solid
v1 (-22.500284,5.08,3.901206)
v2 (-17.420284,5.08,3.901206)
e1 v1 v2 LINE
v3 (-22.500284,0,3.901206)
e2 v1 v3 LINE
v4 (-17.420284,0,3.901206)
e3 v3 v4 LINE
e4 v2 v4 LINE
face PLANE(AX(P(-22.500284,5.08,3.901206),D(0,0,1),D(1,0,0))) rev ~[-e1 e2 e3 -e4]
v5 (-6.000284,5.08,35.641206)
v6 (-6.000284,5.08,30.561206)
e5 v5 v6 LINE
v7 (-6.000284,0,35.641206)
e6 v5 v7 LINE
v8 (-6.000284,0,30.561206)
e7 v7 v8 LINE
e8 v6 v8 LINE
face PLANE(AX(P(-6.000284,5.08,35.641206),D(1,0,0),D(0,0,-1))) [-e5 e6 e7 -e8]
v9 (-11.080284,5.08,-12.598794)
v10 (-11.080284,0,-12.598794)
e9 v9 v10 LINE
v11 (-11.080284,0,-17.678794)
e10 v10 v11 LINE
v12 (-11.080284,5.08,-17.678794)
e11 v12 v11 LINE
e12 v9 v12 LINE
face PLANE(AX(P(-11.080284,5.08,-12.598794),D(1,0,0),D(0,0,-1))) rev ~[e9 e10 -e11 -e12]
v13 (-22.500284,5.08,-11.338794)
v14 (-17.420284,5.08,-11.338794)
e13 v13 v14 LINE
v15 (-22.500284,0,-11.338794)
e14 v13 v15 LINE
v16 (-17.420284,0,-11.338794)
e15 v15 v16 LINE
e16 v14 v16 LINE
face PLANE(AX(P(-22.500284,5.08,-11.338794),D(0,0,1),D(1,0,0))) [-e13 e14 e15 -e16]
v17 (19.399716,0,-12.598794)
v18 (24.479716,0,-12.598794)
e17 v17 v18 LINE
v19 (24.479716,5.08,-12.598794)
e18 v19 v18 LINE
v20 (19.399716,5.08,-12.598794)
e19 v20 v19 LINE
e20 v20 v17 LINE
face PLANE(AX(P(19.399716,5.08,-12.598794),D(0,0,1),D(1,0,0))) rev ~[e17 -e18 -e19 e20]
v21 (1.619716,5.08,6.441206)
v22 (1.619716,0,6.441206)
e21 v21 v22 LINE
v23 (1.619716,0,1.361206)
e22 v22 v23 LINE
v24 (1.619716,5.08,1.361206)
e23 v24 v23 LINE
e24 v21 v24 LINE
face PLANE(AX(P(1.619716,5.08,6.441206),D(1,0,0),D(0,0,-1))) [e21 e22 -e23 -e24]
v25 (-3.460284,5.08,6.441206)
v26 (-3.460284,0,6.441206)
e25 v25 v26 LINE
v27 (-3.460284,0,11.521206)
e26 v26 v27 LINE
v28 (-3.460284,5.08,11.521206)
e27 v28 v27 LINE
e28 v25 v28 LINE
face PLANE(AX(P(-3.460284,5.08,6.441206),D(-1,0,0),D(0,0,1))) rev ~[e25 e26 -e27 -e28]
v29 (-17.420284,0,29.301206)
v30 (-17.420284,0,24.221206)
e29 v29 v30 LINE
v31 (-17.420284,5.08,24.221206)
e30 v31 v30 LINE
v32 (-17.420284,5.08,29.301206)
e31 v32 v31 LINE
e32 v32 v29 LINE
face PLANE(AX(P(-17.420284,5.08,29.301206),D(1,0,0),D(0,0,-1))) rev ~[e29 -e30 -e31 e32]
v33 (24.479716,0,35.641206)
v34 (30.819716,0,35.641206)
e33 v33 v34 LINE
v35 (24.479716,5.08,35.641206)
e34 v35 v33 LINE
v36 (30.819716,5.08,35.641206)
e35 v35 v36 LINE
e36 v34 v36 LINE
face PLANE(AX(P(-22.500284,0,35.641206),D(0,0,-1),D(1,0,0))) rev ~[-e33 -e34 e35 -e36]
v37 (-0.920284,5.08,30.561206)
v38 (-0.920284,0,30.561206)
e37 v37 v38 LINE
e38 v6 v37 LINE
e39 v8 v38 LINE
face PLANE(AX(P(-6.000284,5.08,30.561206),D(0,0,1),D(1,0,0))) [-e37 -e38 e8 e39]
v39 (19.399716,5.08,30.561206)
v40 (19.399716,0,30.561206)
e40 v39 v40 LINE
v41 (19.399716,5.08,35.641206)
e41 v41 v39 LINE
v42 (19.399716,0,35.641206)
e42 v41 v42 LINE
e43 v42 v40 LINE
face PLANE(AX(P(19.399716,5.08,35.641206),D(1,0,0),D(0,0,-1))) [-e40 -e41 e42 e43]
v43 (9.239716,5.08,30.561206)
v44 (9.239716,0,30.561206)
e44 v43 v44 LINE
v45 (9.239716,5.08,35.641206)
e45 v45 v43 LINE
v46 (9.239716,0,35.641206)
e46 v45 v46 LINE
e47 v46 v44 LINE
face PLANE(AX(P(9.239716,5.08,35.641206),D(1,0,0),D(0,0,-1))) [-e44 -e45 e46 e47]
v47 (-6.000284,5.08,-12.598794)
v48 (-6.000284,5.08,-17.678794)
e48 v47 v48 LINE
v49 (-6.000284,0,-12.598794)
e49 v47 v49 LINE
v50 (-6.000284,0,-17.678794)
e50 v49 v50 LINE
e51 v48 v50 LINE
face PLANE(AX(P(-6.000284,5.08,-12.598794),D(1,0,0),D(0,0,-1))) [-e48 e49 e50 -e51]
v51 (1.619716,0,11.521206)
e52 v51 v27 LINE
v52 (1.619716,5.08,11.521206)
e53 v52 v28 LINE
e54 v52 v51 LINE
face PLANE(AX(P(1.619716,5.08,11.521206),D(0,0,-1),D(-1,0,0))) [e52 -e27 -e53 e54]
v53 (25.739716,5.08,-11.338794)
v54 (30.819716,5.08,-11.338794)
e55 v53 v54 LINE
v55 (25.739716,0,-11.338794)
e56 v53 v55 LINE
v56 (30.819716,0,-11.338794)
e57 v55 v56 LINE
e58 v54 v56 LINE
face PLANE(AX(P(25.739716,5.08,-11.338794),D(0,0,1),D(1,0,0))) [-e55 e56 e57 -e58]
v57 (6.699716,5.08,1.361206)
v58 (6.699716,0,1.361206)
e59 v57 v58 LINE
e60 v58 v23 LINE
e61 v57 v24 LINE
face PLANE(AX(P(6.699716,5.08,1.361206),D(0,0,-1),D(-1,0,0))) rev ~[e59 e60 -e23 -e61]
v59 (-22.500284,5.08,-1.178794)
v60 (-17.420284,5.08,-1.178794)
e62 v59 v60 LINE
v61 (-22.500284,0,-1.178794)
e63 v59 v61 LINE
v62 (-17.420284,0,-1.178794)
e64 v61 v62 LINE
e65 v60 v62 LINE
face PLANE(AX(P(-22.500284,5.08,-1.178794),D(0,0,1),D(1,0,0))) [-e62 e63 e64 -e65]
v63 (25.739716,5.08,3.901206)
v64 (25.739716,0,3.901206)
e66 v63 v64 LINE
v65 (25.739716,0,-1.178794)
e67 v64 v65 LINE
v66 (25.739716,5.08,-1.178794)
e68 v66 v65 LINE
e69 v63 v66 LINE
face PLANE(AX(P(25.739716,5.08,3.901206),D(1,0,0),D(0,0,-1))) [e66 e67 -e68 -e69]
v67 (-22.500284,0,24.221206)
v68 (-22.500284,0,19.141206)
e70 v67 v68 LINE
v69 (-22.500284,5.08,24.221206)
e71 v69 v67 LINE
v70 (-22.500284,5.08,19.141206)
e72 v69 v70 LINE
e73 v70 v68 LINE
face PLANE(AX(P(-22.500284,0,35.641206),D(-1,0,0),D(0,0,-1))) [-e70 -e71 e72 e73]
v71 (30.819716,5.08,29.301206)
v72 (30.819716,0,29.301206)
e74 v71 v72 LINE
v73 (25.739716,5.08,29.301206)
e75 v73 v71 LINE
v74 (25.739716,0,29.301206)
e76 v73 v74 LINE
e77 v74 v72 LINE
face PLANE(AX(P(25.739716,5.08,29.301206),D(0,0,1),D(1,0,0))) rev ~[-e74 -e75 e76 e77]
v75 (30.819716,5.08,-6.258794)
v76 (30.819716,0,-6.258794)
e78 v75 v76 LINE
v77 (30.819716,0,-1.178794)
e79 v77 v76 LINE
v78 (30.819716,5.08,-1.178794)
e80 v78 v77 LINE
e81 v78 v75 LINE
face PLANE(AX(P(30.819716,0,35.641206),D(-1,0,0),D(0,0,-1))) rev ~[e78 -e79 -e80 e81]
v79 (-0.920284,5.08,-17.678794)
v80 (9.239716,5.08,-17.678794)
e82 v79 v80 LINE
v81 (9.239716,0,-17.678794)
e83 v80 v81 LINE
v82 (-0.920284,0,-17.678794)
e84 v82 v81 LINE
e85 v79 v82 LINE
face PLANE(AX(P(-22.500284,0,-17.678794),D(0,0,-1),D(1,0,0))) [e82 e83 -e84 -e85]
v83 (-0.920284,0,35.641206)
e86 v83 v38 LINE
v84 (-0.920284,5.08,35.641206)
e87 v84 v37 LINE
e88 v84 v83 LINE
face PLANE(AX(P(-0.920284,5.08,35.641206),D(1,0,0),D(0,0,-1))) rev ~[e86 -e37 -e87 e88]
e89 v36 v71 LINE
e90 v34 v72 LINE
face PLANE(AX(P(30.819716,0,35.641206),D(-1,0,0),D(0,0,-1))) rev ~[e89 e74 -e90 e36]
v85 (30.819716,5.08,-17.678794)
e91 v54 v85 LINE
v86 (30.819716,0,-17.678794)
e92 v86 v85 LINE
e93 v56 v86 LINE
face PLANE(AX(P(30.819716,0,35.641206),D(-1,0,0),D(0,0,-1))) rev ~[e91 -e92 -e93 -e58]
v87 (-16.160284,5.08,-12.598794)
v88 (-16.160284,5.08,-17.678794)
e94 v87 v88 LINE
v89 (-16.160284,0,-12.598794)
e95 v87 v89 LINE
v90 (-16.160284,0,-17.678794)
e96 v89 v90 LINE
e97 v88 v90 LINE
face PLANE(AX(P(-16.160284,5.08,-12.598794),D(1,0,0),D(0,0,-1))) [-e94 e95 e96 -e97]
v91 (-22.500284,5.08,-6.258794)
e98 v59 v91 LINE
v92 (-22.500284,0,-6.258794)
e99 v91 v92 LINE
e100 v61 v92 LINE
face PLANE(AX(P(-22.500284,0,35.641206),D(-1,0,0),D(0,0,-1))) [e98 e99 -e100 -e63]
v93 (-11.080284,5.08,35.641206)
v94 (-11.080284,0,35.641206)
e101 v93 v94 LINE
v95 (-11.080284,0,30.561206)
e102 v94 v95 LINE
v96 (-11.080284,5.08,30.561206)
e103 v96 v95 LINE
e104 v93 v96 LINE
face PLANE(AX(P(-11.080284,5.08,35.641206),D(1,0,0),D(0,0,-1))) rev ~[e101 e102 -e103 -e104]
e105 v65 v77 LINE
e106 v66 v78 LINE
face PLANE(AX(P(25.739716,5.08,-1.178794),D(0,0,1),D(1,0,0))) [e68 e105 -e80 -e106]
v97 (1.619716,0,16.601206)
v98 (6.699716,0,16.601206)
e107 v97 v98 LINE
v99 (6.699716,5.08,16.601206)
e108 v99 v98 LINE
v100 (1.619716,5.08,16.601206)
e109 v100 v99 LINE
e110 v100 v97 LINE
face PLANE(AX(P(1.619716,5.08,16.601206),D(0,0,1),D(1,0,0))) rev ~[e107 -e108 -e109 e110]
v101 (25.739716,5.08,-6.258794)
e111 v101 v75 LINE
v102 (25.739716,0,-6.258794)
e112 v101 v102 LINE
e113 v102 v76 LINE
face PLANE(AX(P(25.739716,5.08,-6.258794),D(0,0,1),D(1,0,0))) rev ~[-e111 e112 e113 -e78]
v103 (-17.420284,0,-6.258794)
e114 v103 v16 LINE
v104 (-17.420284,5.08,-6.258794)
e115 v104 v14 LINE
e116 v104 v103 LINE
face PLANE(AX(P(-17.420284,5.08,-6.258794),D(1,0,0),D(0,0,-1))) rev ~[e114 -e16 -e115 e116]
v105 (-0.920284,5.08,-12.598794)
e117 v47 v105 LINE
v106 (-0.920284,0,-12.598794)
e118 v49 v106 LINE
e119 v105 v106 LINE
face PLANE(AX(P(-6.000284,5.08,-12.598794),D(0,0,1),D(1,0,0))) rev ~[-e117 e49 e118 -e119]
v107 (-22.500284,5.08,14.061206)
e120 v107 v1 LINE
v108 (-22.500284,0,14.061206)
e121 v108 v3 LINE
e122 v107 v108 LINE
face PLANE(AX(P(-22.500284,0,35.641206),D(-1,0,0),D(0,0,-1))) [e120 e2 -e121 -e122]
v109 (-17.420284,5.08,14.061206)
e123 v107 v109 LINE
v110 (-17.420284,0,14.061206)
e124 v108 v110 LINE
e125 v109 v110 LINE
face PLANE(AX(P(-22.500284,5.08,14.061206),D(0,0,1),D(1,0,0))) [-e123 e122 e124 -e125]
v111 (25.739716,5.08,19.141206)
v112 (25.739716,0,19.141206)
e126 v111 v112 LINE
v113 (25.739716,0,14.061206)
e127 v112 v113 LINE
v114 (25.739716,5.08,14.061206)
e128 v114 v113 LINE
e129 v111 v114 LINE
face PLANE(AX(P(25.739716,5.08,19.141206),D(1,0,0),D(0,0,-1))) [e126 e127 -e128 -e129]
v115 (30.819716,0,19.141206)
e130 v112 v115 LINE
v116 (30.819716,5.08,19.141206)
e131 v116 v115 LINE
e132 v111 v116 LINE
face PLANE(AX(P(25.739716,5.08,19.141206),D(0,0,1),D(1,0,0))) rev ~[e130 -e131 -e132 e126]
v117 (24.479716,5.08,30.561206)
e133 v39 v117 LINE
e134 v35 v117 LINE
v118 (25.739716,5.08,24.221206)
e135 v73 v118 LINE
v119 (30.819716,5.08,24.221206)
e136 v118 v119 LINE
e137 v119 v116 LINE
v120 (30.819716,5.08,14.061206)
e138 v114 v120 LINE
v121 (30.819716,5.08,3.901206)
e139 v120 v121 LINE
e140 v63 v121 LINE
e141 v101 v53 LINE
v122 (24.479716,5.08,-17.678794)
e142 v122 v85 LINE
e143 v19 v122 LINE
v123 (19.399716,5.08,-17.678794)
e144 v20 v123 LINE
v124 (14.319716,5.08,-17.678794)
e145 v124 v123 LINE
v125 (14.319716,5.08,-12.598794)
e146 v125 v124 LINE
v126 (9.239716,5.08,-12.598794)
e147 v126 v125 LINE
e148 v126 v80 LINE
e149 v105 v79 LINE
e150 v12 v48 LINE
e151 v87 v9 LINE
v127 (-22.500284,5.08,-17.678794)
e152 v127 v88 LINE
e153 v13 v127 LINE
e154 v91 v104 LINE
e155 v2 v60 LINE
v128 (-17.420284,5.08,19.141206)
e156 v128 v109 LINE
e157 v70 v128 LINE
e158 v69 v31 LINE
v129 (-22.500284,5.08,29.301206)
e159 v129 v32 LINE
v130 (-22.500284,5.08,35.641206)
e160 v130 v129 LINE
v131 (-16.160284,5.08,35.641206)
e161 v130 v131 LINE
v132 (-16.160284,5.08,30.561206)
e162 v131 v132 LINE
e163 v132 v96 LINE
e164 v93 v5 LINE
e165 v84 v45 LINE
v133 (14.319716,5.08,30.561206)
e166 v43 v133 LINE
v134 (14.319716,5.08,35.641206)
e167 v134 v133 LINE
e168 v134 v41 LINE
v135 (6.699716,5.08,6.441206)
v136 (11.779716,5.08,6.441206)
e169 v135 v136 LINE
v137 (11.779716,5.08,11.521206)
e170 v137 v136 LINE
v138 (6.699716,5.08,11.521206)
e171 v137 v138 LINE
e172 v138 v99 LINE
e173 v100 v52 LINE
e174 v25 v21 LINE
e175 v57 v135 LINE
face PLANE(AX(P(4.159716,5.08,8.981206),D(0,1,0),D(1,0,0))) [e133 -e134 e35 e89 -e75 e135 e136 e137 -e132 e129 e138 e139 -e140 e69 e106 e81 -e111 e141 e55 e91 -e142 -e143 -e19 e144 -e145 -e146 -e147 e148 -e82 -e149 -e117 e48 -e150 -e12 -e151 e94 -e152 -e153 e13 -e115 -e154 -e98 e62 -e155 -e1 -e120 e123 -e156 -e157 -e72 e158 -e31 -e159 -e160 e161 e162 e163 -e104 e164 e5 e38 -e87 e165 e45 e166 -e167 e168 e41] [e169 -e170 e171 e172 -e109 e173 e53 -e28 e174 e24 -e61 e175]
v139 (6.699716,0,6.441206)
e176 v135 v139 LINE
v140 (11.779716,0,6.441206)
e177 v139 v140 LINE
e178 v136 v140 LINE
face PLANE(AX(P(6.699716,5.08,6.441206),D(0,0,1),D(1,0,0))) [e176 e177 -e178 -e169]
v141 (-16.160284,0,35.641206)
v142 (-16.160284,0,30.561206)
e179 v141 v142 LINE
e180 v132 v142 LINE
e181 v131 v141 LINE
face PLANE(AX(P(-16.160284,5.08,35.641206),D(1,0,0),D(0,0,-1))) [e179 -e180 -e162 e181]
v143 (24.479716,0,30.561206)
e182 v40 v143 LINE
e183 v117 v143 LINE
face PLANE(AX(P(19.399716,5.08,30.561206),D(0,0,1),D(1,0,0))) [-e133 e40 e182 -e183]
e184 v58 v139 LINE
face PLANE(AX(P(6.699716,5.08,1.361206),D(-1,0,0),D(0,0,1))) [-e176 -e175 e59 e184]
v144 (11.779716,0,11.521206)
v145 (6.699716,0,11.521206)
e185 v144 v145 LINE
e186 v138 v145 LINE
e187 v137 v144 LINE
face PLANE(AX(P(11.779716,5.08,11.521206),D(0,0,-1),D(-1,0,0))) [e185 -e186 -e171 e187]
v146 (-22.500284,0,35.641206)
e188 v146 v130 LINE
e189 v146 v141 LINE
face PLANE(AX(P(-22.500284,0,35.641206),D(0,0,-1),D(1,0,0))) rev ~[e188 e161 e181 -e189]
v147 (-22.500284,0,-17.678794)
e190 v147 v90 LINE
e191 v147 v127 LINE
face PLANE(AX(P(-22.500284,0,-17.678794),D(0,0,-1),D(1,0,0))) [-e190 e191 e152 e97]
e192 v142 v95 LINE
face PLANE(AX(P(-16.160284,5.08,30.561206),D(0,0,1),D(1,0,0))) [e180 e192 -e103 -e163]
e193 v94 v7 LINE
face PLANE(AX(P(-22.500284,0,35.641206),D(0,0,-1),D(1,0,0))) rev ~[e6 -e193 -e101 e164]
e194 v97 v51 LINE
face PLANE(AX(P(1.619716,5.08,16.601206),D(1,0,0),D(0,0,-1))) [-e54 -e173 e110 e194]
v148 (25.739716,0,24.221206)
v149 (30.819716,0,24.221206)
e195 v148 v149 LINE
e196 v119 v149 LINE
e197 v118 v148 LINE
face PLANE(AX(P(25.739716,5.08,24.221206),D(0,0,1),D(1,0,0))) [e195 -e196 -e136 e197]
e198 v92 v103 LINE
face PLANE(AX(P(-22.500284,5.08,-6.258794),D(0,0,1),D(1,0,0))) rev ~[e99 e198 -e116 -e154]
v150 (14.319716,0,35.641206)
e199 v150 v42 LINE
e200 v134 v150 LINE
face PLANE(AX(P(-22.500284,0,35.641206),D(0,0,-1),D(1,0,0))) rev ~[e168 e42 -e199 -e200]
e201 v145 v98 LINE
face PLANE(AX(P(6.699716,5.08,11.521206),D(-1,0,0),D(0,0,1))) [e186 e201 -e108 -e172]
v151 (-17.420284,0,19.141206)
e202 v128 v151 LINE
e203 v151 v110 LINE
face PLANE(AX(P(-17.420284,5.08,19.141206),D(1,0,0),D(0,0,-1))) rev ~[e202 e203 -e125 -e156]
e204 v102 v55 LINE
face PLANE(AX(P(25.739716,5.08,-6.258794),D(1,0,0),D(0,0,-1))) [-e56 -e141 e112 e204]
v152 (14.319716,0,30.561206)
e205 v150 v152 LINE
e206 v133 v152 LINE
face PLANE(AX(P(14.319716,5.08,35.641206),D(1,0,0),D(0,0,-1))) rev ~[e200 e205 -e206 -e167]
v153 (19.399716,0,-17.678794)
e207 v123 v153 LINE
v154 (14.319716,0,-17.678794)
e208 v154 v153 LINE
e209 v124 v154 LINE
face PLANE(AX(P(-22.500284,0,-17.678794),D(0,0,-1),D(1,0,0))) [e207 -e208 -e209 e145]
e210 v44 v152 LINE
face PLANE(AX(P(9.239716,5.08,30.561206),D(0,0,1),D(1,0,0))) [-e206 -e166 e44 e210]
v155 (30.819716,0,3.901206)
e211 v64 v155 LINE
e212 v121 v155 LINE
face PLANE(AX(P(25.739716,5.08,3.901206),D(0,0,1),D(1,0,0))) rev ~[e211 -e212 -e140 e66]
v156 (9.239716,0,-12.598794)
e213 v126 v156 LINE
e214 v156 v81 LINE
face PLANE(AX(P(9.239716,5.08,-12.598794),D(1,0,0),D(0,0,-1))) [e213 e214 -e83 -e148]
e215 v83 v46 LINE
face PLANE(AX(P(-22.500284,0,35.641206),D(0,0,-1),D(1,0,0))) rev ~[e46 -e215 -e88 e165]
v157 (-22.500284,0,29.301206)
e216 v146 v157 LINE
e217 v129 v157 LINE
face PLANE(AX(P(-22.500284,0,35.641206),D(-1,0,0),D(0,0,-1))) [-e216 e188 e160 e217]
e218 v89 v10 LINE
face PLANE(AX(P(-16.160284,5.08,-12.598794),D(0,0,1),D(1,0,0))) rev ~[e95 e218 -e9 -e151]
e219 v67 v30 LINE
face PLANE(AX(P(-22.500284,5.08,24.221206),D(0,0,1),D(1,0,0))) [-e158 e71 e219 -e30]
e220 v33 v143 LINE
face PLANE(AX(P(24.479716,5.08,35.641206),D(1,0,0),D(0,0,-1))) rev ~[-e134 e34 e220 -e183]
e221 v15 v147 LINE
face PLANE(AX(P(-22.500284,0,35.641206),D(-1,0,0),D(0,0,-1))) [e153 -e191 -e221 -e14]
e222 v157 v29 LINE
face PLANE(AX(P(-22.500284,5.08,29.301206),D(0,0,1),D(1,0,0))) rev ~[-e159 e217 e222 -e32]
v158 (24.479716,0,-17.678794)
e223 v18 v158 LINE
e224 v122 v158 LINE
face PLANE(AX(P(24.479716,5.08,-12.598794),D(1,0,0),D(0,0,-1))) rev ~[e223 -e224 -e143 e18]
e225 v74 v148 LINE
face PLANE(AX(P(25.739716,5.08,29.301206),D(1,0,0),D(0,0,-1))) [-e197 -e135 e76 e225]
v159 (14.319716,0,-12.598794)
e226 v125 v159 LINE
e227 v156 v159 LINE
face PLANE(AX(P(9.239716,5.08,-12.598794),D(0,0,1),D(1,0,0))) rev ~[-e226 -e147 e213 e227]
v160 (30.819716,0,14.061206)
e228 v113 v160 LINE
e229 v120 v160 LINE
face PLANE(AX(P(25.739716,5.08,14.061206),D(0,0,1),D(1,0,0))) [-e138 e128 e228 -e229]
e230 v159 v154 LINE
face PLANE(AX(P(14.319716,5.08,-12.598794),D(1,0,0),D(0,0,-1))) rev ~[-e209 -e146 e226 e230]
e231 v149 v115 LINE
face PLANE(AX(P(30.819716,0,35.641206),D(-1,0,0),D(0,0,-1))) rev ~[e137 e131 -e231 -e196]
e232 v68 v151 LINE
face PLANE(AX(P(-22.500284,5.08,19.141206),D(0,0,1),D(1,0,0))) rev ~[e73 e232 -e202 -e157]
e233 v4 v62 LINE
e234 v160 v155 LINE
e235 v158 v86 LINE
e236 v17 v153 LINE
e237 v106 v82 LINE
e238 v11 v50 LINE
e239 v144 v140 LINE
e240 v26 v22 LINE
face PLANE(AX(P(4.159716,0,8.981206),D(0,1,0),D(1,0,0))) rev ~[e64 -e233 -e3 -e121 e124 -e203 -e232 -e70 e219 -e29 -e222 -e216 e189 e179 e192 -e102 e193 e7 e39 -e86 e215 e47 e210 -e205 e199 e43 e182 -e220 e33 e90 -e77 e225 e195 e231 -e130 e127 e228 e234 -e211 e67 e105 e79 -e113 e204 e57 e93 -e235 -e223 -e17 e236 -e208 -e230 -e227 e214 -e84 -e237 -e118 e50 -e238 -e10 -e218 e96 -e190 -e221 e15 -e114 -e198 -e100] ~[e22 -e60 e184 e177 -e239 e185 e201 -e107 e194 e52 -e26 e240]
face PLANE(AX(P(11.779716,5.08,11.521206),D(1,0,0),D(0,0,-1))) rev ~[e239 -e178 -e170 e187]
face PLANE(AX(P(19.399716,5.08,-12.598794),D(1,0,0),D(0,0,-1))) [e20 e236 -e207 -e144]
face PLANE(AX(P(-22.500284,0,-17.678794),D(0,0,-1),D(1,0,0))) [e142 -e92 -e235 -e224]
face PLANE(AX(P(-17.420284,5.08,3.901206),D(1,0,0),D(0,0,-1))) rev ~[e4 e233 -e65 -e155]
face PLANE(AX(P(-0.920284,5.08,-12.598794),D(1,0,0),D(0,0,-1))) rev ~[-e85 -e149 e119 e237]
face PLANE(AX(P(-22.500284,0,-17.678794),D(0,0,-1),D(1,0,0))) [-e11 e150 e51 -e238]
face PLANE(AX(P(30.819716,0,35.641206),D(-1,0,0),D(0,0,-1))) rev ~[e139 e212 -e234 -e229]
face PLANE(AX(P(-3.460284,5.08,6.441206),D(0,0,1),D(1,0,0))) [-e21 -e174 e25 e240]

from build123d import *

# Parameters (mm, degrees)
SKETCH1_W           = 53.32
SKETCH1_H           = 53.32
BOSS_EXTRUDE1_DEPTH = 5.08
SKETCH2_W           = 5.08
SKETCH2_H           = 5.08
CUT_EXTRUDE1_DEPTH  = 5.08
CUT_EXTRUDE2_DEPTH  = 5.08


with BuildPart() as part:
    # Sketch1 → Boss-Extrude1 (new body)
    with BuildSketch(Plane(origin=(0, 0, 0), x_dir=(1, 0, 0), z_dir=(0, 1, 0))):
        with Locations((4.159716312, -8.981205674)):
            Rectangle(SKETCH1_W, SKETCH1_H)
    extrude(amount=BOSS_EXTRUDE1_DEPTH)

    # Sketch2 → Cut-Extrude1 (cut)
    with BuildSketch(Plane(origin=(0, 5.08, 0), x_dir=(1, 0, 0), z_dir=(0, 1, 0))):
        with Locations((-13.620283688, -33.101205674)):
            Rectangle(SKETCH2_W, SKETCH2_H)
        with Locations((11.779716312, -33.101205674)):
            Rectangle(SKETCH2_W, SKETCH2_H)
        with Locations((21.939716312, -33.101205674)):
            Rectangle(SKETCH2_W, SKETCH2_H)
        with Locations((-3.460283688, -33.101205674)):
            Rectangle(SKETCH2_W, SKETCH2_H)
        with Locations((-19.960283688, 8.798794326)):
            Rectangle(SKETCH2_W, SKETCH2_H)
        with Locations((-19.960283688, -16.601205674)):
            Rectangle(SKETCH2_W, SKETCH2_H)
        with Locations((-19.960283688, -26.761205674)):
            Rectangle(SKETCH2_W, SKETCH2_H)
        with Locations((-19.960283688, -1.361205674)):
            Rectangle(SKETCH2_W, SKETCH2_H)
        with Locations((21.939716312, 15.138794326)):
            Rectangle(SKETCH2_W, SKETCH2_H)
        with Locations((-3.460283688, 15.138794326)):
            Rectangle(SKETCH2_W, SKETCH2_H)
        with Locations((-13.620283688, 15.138794326)):
            Rectangle(SKETCH2_W, SKETCH2_H)
        with Locations((11.779716312, 15.138794326)):
            Rectangle(SKETCH2_W, SKETCH2_H)
        with Locations((28.279716312, -26.761205674)):
            Rectangle(SKETCH2_W, SKETCH2_H)
        with Locations((28.279716312, -1.361205674)):
            Rectangle(SKETCH2_W, SKETCH2_H)
        with Locations((28.279716312, 8.798794326)):
            Rectangle(SKETCH2_W, SKETCH2_H)
        with Locations((28.279716312, -16.601205674)):
            Rectangle(SKETCH2_W, SKETCH2_H)
    extrude(amount=-CUT_EXTRUDE1_DEPTH, mode=Mode.SUBTRACT)

    # Sketch3 → Cut-Extrude2 (cut)
    with BuildSketch(Plane(origin=(0, 5.08, 0), x_dir=(1, 0, 0), z_dir=(0, 1, 0))):
        Polygon((4.159716312, -1.361205674), (6.699716312, -1.361205674), (6.699716312, -6.441205674), (11.779716312, -6.441205674), (11.779716312, -8.981205674), (11.779716312, -11.521205674), (6.699716312, -11.521205674), (6.699716312, -16.601205674), (4.159716312, -16.601205674), (1.619716312, -16.601205674), (1.619716312, -11.521205674), (-3.460283688, -11.521205674), (-3.460283688, -8.981205674), (-3.460283688, -6.441205674), (1.619716312, -6.441205674), (1.619716312, -1.361205674), align=None)
    extrude(amount=-CUT_EXTRUDE2_DEPTH, mode=Mode.SUBTRACT)


solid = part.part
